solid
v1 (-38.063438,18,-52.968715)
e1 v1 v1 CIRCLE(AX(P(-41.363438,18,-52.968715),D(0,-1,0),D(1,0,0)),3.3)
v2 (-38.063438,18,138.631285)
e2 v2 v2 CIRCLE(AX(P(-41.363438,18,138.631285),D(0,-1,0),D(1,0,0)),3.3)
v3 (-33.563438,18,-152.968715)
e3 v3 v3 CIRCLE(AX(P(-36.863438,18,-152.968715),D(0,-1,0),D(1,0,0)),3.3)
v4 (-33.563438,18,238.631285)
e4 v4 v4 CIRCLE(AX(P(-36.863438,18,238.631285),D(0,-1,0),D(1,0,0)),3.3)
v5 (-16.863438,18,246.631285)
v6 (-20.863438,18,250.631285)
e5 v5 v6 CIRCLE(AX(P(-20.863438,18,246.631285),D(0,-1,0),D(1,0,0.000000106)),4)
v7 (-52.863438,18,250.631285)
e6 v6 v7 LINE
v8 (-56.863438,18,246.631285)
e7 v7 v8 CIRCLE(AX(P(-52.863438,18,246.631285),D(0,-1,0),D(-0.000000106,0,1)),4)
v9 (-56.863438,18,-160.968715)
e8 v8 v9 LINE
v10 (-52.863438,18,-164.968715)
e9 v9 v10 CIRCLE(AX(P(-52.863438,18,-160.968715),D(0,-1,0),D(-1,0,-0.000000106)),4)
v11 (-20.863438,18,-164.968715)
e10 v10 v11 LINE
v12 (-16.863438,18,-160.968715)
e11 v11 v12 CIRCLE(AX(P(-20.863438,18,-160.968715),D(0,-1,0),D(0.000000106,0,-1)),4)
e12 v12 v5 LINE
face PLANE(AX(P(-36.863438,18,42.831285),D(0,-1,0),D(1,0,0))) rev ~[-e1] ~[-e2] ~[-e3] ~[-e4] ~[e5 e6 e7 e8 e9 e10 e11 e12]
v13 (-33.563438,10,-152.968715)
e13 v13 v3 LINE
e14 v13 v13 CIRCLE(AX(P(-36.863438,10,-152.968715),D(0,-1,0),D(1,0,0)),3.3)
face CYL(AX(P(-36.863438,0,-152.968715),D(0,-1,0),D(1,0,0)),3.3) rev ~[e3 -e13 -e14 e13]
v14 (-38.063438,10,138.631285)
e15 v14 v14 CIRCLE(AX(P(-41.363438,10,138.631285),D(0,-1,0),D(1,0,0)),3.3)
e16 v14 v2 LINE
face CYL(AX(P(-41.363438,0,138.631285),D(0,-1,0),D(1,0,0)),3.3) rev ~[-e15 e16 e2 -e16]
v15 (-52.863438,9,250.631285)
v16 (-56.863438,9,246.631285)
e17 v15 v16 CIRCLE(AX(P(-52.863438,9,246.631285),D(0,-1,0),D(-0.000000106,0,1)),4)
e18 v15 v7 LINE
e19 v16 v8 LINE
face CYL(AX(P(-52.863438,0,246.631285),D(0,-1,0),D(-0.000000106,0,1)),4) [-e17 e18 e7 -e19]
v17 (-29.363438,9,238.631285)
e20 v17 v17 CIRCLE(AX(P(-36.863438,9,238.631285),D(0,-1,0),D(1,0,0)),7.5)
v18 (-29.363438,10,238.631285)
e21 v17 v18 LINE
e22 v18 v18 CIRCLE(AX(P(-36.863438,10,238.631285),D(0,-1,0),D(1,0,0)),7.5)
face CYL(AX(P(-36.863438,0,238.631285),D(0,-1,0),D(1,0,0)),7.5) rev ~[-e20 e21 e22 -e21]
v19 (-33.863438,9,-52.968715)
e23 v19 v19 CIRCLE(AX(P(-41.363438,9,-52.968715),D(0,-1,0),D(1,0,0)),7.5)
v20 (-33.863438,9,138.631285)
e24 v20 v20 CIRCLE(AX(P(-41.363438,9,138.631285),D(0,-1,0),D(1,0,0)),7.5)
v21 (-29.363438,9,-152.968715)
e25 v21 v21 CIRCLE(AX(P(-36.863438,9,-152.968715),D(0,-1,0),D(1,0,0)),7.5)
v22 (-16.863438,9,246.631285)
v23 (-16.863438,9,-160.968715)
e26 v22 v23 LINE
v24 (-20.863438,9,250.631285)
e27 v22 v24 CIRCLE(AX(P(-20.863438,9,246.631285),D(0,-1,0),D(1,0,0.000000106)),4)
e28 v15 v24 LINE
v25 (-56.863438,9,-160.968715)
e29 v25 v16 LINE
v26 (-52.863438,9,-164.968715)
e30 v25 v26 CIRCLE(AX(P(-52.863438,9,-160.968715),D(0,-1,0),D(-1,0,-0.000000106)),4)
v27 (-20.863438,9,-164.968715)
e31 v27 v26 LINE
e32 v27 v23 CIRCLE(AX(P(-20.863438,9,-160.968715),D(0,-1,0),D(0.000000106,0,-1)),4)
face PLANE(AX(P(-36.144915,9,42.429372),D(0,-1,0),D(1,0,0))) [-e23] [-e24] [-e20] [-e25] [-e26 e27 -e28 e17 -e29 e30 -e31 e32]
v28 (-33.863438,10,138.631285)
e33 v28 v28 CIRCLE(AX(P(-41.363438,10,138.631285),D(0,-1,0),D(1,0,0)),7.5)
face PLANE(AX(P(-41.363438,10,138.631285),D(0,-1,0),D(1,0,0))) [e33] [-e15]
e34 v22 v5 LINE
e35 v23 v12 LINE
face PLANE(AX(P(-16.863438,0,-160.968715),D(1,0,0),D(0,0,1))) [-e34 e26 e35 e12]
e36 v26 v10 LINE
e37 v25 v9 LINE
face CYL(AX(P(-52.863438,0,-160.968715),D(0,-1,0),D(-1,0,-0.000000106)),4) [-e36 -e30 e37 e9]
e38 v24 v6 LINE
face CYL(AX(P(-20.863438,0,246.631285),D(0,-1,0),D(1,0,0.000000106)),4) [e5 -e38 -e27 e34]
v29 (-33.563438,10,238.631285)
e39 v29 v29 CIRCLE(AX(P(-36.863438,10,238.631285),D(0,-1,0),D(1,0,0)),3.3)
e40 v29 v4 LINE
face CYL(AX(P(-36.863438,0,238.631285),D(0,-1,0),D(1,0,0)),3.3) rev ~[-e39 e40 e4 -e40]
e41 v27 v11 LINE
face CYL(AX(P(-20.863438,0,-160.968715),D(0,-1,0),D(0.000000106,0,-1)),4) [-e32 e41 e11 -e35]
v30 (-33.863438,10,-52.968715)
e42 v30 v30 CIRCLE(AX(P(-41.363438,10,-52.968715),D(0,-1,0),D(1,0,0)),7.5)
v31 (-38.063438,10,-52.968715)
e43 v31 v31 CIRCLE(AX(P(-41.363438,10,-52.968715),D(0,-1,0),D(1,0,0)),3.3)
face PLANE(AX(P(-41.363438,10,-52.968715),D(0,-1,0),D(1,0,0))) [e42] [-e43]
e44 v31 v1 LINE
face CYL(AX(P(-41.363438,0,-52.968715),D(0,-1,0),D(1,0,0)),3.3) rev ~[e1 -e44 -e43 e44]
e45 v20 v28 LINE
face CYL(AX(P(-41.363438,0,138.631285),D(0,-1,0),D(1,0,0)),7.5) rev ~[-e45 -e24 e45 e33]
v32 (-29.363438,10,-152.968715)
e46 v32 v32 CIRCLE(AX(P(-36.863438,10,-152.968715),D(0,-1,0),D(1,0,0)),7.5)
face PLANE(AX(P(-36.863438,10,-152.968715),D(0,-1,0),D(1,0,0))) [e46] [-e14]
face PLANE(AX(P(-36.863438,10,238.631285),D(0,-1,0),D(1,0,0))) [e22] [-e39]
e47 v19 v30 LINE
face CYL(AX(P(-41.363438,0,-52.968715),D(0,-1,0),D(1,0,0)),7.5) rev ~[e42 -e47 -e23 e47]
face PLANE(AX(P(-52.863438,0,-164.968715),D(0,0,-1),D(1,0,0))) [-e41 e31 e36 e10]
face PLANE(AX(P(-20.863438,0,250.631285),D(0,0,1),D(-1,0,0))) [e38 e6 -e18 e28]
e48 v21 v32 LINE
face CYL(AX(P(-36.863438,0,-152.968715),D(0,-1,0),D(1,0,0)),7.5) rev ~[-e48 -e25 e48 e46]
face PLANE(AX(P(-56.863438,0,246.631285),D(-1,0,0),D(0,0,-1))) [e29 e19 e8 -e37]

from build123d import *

# Parameters (mm, degrees)
F0_R     = 7.5
F0_R_2   = 3.3
F1_DEPTH = 18
F2_DEPTH = 9
F3_DEPTH = 10


with BuildPart() as f1:
    # F0 (on Front) → F1 (new body)
    with BuildSketch(Plane.XZ):
        with BuildLine():
            ThreePointArc((-56.863438, -160.968715), (-55.691865, -163.797142), (-52.863438, -164.968715))
            Line((-52.863438, -164.968715), (-20.863438, -164.968715))
            ThreePointArc((-20.863438, -164.968715), (-18.035011, -163.797142), (-16.863438, -160.968715))
            Line((-16.863438, -160.968715), (-16.863438, 246.631285))
            ThreePointArc((-16.863438, 246.631285), (-18.035011, 249.459712), (-20.863438, 250.631285))
            Line((-20.863438, 250.631285), (-52.863438, 250.631285))
            ThreePointArc((-52.863438, 250.631285), (-55.691865, 249.459712), (-56.863438, 246.631285))
            Line((-56.863438, 246.631285), (-56.863438, -160.968715))
        make_face()
        with Locations((-36.863438, -152.968715)):
            Circle(F0_R, mode=Mode.SUBTRACT)
        with Locations((-41.363438, -52.968715)):
            Circle(F0_R, mode=Mode.SUBTRACT)
        with Locations((-41.363438, 138.631285)):
            Circle(F0_R, mode=Mode.SUBTRACT)
        with Locations((-36.863438, 238.631285)):
            Circle(F0_R, mode=Mode.SUBTRACT)
        with Locations((-36.863438, 238.631285)):
            Circle(F0_R)
        with Locations((-36.863438, 238.631285)):
            Circle(F0_R_2, mode=Mode.SUBTRACT)
        with Locations((-41.363438, 138.631285)):
            Circle(F0_R)
        with Locations((-41.363438, 138.631285)):
            Circle(F0_R_2, mode=Mode.SUBTRACT)
        with Locations((-41.363438, -52.968715)):
            Circle(F0_R)
        with Locations((-41.363438, -52.968715)):
            Circle(F0_R_2, mode=Mode.SUBTRACT)
        with Locations((-36.863438, -152.968715)):
            Circle(F0_R)
        with Locations((-36.863438, -152.968715)):
            Circle(F0_R_2, mode=Mode.SUBTRACT)
    extrude(amount=-F1_DEPTH)

    # F0 (on Front) → F2 (cut)
    with BuildSketch(Plane.XZ):
        with BuildLine():
            Line((-6.144915, -161.370628), (-6.144915, 246.229372))
            ThreePointArc((-6.144915, 246.229372), (-10.24542, 256.128867), (-20.144915, 260.229372))
            Line((-20.144915, 260.229372), (-52.144915, 260.229372))
            ThreePointArc((-52.144915, 260.229372), (-62.04441, 256.128867), (-66.144915, 246.229372))
            Line((-66.144915, 246.229372), (-66.144915, -161.370628))
            ThreePointArc((-66.144915, -161.370628), (-62.04441, -171.270123), (-52.144915, -175.370628))
            Line((-52.144915, -175.370628), (-20.144915, -175.370628))
            ThreePointArc((-20.144915, -175.370628), (-10.24542, -171.270123), (-6.144915, -161.370628))
        make_face()
        with BuildLine():
            Line((-20.863438, -164.968715), (-52.863438, -164.968715))
            ThreePointArc((-52.863438, -164.968715), (-55.691865, -163.797142), (-56.863438, -160.968715))
            Line((-56.863438, -160.968715), (-56.863438, 246.631285))
            ThreePointArc((-56.863438, 246.631285), (-55.691865, 249.459712), (-52.863438, 250.631285))
            Line((-52.863438, 250.631285), (-20.863438, 250.631285))
            ThreePointArc((-20.863438, 250.631285), (-18.035011, 249.459712), (-16.863438, 246.631285))
            Line((-16.863438, 246.631285), (-16.863438, -160.968715))
            ThreePointArc((-16.863438, -160.968715), (-18.035011, -163.797142), (-20.863438, -164.968715))
        make_face(mode=Mode.SUBTRACT)
        with Locations((-36.863438, 238.631285)):
            Circle(F0_R_2)
        with Locations((-41.363438, 138.631285)):
            Circle(F0_R)
        with Locations((-41.363438, 138.631285)):
            Circle(F0_R_2, mode=Mode.SUBTRACT)
        with Locations((-41.363438, 138.631285)):
            Circle(F0_R_2)
        with Locations((-41.363438, -52.968715)):
            Circle(F0_R)
        with Locations((-41.363438, -52.968715)):
            Circle(F0_R_2, mode=Mode.SUBTRACT)
        with Locations((-41.363438, -52.968715)):
            Circle(F0_R_2)
        with Locations((-36.863438, 238.631285)):
            Circle(F0_R)
        with Locations((-36.863438, 238.631285)):
            Circle(F0_R_2, mode=Mode.SUBTRACT)
        with BuildLine():
            ThreePointArc((-56.863438, -160.968715), (-55.691865, -163.797142), (-52.863438, -164.968715))
            Line((-52.863438, -164.968715), (-20.863438, -164.968715))
            ThreePointArc((-20.863438, -164.968715), (-18.035011, -163.797142), (-16.863438, -160.968715))
            Line((-16.863438, -160.968715), (-16.863438, 246.631285))
            ThreePointArc((-16.863438, 246.631285), (-18.035011, 249.459712), (-20.863438, 250.631285))
            Line((-20.863438, 250.631285), (-52.863438, 250.631285))
            ThreePointArc((-52.863438, 250.631285), (-55.691865, 249.459712), (-56.863438, 246.631285))
            Line((-56.863438, 246.631285), (-56.863438, -160.968715))
        make_face()
        with Locations((-36.863438, -152.968715)):
            Circle(F0_R, mode=Mode.SUBTRACT)
        with Locations((-41.363438, -52.968715)):
            Circle(F0_R, mode=Mode.SUBTRACT)
        with Locations((-41.363438, 138.631285)):
            Circle(F0_R, mode=Mode.SUBTRACT)
        with Locations((-36.863438, 238.631285)):
            Circle(F0_R, mode=Mode.SUBTRACT)
        with Locations((-36.863438, -152.968715)):
            Circle(F0_R)
        with Locations((-36.863438, -152.968715)):
            Circle(F0_R_2, mode=Mode.SUBTRACT)
        with Locations((-36.863438, -152.968715)):
            Circle(F0_R_2)
    extrude(amount=-F2_DEPTH, mode=Mode.SUBTRACT)

    # F0 (on Front) → F3 (cut)
    with BuildSketch(Plane.XZ):
        with Locations((-36.863438, 238.631285)):
            Circle(F0_R)
        with Locations((-36.863438, 238.631285)):
            Circle(F0_R_2, mode=Mode.SUBTRACT)
        with Locations((-41.363438, 138.631285)):
            Circle(F0_R)
        with Locations((-41.363438, 138.631285)):
            Circle(F0_R_2, mode=Mode.SUBTRACT)
        with Locations((-41.363438, -52.968715)):
            Circle(F0_R)
        with Locations((-41.363438, -52.968715)):
            Circle(F0_R_2, mode=Mode.SUBTRACT)
        with Locations((-36.863438, -152.968715)):
            Circle(F0_R)
        with Locations((-36.863438, -152.968715)):
            Circle(F0_R_2, mode=Mode.SUBTRACT)
    extrude(amount=-F3_DEPTH, mode=Mode.SUBTRACT)


solid = f1.part
